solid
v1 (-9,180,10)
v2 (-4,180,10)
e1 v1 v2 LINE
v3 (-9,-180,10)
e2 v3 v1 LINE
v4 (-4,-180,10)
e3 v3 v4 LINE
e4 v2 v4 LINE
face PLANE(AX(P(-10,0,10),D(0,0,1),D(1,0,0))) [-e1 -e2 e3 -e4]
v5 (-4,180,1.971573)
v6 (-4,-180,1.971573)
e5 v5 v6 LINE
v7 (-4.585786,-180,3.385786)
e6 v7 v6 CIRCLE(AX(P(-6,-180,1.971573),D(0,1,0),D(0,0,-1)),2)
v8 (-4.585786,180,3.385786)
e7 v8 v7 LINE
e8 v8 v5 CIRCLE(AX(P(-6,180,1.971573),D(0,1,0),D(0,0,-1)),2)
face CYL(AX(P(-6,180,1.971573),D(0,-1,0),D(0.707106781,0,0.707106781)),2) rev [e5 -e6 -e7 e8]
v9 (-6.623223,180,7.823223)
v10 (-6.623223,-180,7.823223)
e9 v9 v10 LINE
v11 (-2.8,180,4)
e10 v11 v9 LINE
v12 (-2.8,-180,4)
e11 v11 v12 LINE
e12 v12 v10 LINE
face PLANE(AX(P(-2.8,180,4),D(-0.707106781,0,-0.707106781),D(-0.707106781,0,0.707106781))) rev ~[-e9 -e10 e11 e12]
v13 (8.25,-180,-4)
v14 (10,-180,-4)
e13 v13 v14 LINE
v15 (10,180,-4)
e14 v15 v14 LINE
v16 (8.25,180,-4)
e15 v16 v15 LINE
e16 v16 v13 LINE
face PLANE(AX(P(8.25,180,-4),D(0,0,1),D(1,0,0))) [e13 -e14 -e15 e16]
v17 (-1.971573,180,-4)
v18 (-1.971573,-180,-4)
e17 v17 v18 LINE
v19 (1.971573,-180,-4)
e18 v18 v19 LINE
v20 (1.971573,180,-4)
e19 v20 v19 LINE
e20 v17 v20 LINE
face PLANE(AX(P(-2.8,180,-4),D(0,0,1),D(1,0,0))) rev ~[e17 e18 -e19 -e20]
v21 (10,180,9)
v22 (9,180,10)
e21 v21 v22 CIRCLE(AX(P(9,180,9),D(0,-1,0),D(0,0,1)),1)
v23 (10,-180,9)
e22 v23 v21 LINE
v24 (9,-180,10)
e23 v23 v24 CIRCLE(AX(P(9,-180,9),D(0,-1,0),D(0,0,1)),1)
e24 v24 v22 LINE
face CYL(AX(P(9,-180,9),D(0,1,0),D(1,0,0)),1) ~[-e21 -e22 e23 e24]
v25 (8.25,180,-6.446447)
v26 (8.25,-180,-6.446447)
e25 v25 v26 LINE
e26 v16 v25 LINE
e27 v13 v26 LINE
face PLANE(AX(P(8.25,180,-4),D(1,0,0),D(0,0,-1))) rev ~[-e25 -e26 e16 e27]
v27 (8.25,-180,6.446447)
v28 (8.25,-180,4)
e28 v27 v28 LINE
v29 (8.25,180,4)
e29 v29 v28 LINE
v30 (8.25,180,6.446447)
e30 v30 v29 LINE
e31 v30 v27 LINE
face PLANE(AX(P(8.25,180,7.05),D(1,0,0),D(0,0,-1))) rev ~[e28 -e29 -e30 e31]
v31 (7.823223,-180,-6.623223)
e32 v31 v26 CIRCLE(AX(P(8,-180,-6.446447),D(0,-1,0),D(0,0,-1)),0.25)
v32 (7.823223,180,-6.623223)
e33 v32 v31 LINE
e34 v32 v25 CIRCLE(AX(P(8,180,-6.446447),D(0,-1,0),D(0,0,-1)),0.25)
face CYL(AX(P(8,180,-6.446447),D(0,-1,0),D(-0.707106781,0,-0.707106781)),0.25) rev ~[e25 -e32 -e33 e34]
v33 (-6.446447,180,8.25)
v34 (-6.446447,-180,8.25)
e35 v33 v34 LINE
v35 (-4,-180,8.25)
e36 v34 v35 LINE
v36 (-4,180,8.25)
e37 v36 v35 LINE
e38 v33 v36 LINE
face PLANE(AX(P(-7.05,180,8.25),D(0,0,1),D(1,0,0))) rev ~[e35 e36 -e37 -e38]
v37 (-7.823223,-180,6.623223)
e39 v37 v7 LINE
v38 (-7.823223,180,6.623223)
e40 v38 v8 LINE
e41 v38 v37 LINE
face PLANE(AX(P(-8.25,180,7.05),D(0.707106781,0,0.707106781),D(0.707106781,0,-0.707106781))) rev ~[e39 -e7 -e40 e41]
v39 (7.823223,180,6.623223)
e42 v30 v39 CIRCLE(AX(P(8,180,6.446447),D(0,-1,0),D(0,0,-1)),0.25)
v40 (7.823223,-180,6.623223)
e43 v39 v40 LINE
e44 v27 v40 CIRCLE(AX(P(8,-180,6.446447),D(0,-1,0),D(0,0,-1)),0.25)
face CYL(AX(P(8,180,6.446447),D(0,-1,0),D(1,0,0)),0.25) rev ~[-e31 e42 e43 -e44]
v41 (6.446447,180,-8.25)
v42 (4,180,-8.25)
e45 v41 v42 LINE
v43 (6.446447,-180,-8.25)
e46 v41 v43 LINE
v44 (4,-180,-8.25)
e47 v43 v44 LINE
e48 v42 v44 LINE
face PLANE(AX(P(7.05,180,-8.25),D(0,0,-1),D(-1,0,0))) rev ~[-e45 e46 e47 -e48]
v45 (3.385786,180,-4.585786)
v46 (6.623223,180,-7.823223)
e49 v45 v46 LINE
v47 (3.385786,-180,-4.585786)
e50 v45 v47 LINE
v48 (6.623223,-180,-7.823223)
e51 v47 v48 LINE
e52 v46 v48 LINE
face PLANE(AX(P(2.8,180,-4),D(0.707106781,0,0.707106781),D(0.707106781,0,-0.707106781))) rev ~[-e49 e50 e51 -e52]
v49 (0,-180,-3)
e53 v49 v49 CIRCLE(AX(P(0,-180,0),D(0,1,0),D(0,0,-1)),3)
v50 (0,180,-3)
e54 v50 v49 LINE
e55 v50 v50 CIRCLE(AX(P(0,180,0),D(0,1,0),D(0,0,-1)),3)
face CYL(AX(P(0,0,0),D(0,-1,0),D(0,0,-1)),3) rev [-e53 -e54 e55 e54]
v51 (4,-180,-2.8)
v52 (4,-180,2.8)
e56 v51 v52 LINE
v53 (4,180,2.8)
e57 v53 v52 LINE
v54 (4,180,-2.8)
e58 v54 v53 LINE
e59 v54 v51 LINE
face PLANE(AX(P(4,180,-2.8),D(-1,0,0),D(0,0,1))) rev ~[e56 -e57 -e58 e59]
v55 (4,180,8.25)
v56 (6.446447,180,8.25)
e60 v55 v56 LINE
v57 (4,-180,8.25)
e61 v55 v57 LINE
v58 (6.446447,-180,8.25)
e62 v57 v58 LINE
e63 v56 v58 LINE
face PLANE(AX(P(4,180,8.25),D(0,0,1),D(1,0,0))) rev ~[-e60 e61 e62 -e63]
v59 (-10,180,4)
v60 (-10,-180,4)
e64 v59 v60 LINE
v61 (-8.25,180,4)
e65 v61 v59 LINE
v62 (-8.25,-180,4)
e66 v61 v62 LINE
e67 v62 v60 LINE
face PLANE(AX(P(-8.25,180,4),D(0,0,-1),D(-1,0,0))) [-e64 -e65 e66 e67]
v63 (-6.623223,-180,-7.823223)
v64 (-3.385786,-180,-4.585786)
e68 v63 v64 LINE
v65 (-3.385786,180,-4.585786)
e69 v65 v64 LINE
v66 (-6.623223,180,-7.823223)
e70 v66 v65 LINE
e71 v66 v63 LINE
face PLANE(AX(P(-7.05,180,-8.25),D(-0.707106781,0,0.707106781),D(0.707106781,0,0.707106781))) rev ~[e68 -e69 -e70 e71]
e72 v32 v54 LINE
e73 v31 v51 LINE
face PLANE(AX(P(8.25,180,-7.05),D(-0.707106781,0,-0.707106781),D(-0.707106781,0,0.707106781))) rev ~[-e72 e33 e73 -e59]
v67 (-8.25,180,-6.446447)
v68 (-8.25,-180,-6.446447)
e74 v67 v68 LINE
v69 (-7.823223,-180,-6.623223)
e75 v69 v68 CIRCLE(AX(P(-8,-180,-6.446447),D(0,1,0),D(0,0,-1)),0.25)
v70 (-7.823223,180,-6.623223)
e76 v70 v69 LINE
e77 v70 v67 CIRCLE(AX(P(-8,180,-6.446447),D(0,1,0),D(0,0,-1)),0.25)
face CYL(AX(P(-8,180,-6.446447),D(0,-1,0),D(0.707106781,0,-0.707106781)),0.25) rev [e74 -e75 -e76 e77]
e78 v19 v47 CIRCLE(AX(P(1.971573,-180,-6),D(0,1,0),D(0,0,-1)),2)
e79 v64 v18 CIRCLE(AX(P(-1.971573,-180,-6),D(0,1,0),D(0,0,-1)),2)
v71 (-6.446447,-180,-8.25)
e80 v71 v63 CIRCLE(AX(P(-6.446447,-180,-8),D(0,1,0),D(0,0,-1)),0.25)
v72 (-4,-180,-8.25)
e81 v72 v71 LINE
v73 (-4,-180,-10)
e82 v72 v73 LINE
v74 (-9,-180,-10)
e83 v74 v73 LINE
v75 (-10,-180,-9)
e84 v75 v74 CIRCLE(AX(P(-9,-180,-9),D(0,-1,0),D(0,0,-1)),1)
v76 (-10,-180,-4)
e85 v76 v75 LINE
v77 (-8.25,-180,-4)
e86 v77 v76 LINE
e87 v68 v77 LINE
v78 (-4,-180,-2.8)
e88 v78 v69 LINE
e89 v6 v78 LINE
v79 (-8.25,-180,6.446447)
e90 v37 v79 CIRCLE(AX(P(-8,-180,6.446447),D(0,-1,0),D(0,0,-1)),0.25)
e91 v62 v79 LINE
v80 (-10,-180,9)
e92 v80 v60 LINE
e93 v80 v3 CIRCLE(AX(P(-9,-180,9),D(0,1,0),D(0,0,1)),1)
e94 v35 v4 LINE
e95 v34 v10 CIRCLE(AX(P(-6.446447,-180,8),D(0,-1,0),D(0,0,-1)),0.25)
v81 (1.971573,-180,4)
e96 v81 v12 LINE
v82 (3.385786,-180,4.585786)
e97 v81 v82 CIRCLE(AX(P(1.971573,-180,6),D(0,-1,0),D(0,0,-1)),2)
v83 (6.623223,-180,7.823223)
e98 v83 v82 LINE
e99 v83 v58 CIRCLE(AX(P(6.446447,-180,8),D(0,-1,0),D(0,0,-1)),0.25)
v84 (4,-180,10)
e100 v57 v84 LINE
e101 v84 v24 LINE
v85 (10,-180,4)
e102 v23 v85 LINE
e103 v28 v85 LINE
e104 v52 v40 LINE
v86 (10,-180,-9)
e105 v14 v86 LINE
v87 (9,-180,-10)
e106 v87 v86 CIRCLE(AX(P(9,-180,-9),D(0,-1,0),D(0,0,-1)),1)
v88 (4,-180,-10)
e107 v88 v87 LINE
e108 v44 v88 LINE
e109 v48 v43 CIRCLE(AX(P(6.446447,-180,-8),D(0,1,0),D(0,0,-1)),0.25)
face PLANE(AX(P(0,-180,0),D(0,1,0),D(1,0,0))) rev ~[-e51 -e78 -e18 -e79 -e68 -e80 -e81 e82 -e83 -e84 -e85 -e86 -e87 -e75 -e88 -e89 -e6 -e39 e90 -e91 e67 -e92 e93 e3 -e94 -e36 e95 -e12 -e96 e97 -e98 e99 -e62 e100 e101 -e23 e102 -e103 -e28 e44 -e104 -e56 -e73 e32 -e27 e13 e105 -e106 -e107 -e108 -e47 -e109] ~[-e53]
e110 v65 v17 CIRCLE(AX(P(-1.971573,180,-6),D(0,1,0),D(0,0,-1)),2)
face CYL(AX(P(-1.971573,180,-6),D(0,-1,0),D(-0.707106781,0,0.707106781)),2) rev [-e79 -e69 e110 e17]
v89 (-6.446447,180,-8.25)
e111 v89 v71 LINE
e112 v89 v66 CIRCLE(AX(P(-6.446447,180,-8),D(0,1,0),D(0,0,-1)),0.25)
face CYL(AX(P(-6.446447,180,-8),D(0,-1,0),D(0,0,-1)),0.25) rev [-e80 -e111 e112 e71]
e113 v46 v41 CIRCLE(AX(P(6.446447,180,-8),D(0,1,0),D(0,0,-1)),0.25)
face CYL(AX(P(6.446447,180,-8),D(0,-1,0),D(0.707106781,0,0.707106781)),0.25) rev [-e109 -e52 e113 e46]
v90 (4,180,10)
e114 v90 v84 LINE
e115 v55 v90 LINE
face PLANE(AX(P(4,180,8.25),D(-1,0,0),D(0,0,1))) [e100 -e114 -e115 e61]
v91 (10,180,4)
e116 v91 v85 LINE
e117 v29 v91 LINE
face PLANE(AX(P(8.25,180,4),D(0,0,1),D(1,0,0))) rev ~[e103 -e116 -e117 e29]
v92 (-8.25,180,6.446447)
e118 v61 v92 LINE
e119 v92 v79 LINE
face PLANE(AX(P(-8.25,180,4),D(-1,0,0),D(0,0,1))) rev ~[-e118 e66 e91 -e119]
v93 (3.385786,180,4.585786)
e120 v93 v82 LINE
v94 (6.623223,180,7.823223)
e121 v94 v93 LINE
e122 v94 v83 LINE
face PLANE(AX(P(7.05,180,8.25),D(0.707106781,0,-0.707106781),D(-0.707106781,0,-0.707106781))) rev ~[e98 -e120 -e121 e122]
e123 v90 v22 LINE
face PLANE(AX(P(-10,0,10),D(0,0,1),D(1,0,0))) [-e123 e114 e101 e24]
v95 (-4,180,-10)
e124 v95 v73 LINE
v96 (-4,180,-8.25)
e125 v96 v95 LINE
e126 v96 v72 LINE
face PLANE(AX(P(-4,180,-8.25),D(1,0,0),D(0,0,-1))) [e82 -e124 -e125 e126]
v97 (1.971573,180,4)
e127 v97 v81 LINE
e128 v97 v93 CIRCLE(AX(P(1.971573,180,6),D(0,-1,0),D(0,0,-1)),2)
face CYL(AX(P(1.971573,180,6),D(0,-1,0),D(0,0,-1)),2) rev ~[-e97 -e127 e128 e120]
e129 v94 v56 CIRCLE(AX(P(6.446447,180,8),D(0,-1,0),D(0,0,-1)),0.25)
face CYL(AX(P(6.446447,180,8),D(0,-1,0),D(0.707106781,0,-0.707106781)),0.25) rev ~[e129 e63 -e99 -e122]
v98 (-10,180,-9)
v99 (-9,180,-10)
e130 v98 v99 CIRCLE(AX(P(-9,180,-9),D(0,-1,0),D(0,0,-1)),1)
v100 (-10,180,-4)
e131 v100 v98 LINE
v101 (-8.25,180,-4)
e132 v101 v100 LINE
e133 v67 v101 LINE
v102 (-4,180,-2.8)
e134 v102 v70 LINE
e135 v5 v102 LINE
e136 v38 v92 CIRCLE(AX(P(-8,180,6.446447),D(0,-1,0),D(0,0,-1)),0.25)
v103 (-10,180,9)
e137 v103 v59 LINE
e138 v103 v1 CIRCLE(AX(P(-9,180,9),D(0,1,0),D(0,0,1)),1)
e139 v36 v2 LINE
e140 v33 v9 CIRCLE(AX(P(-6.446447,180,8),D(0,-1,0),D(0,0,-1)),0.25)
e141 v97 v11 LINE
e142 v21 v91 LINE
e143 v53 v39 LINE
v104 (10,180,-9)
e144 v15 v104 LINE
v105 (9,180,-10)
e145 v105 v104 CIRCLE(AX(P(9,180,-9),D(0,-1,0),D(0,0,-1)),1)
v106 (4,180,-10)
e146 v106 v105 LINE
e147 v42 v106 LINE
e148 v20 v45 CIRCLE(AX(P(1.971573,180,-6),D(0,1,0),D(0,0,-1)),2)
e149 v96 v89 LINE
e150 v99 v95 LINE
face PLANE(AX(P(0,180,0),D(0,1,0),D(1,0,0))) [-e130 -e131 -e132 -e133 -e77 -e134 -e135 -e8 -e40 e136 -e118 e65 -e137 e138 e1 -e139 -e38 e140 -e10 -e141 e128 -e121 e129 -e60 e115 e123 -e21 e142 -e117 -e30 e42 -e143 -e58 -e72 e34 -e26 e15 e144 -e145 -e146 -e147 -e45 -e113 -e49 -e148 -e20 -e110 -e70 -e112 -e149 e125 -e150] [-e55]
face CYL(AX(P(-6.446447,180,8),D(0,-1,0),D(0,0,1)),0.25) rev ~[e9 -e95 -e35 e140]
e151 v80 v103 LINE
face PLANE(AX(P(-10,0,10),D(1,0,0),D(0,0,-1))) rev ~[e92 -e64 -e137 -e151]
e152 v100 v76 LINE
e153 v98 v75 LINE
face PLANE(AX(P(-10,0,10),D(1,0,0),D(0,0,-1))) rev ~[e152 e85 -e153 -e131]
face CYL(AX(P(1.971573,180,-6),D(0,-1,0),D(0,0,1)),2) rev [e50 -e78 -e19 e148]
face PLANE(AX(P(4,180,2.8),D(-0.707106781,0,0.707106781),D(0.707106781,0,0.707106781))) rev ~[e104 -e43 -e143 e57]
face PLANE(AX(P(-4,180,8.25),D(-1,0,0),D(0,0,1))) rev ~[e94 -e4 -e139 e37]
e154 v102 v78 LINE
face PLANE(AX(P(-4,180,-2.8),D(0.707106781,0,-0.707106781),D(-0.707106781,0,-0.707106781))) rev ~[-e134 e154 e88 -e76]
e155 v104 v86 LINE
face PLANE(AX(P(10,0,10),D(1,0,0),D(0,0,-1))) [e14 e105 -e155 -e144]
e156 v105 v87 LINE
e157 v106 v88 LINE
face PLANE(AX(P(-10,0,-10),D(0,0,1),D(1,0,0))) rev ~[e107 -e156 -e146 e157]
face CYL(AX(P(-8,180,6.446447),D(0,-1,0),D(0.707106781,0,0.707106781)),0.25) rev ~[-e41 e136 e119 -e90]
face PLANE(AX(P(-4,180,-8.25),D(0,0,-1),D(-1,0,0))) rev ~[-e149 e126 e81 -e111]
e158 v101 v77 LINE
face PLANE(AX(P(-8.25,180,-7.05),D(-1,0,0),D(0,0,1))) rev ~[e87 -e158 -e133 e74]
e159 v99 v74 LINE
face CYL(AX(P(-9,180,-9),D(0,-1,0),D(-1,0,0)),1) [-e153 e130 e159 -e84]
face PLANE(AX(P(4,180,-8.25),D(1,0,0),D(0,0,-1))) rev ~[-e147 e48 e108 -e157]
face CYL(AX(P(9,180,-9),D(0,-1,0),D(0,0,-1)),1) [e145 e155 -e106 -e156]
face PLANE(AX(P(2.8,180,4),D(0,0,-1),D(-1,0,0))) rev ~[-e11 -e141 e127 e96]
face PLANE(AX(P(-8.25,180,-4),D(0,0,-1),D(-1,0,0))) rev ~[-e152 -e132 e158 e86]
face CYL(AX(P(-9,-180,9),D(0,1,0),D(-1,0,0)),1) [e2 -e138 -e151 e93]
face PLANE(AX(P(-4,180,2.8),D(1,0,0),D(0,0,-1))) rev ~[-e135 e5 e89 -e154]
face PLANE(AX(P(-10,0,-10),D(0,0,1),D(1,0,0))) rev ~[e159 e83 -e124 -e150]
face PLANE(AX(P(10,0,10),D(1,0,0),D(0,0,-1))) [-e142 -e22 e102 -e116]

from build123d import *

# Parameters (mm, degrees)
ESBO_O1_W                = 20
ESBO_O1_H                = 20
ESBO_O1_R                = 3
RESSALTO_EXTRUS_O1_DEPTH = 180
ESBO_O2_W                = 8
ESBO_O2_H                = 1.75
CORTE_EXTRUS_O1_DEPTH    = 361.277670693
PADR_OCIRCULAR2_COUNT    = 4
FILETE2_R                = 1
FILETE3_R                = 2
FILETE4_R                = 0.25


with BuildPart() as part:
    # Esboço1 → Ressalto-extrusão1 (new, symmetric)
    with BuildSketch(Plane(origin=(0, 0, 0), x_dir=(1, 0, 0), z_dir=(0, 1, 0))):
        Rectangle(ESBO_O1_W, ESBO_O1_H)
        with Locations(Location((0, 0, 0), (0, 0, 90))):
            Circle(ESBO_O1_R, mode=Mode.SUBTRACT)
    extrude(amount=RESSALTO_EXTRUS_O1_DEPTH, both=True)

    # Esboço2 → Corte-extrusão1 (cut, through all)
    with BuildSketch(Plane(origin=(0, 180, 0), x_dir=(1, 0, 0), z_dir=(0, 1, 0))):
        Polygon((-7.05, 8.25), (-2.8, 4), (2.8, 4), (7.05, 8.25), (4, 8.25), (-4, 8.25), align=None)
        with Locations((0, 9.125)):
            Rectangle(ESBO_O2_W, ESBO_O2_H)
    corte_extrus_o1 = extrude(amount=-CORTE_EXTRUS_O1_DEPTH, mode=Mode.SUBTRACT)

    # PadrãoCircular2: Corte-extrusão1 ×4 about axis
    padr_ocircular2_axis = Axis((0, 0, 0), (0, 1, 0))
    for i in range(1, PADR_OCIRCULAR2_COUNT):
        add(corte_extrus_o1.rotate(padr_ocircular2_axis, i * 360 / PADR_OCIRCULAR2_COUNT), mode=Mode.SUBTRACT)

    # Filete2
    filete2_edges = [part.edges().sort_by_distance(p)[0] for p in [
        (10, 0, 10),
        (-10, 0, 10),
        (-10, 0, -10),
        (10, 0, -10),
    ]]
    fillet(filete2_edges, radius=FILETE2_R)

    # Filete3
    filete3_edges = [part.edges().sort_by_distance(p)[0] for p in [
        (-4, 0, 2.8),
        (2.8, 0, -4),
        (-2.8, 0, -4),
        (2.8, 0, 4),
    ]]
    fillet(filete3_edges, radius=FILETE3_R)

    # Filete4
    filete4_edges = [part.edges().sort_by_distance(p)[0] for p in [
        (-8.25, 0, -7.05),
        (-8.25, 0, 7.05),
        (7.05, 0, -8.25),
        (-7.05, 0, -8.25),
        (8.25, 0, 7.05),
        (8.25, 0, -7.05),
        (-7.05, 0, 8.25),
        (7.05, 0, 8.25),
    ]]
    fillet(filete4_edges, radius=FILETE4_R)


solid = part.part
